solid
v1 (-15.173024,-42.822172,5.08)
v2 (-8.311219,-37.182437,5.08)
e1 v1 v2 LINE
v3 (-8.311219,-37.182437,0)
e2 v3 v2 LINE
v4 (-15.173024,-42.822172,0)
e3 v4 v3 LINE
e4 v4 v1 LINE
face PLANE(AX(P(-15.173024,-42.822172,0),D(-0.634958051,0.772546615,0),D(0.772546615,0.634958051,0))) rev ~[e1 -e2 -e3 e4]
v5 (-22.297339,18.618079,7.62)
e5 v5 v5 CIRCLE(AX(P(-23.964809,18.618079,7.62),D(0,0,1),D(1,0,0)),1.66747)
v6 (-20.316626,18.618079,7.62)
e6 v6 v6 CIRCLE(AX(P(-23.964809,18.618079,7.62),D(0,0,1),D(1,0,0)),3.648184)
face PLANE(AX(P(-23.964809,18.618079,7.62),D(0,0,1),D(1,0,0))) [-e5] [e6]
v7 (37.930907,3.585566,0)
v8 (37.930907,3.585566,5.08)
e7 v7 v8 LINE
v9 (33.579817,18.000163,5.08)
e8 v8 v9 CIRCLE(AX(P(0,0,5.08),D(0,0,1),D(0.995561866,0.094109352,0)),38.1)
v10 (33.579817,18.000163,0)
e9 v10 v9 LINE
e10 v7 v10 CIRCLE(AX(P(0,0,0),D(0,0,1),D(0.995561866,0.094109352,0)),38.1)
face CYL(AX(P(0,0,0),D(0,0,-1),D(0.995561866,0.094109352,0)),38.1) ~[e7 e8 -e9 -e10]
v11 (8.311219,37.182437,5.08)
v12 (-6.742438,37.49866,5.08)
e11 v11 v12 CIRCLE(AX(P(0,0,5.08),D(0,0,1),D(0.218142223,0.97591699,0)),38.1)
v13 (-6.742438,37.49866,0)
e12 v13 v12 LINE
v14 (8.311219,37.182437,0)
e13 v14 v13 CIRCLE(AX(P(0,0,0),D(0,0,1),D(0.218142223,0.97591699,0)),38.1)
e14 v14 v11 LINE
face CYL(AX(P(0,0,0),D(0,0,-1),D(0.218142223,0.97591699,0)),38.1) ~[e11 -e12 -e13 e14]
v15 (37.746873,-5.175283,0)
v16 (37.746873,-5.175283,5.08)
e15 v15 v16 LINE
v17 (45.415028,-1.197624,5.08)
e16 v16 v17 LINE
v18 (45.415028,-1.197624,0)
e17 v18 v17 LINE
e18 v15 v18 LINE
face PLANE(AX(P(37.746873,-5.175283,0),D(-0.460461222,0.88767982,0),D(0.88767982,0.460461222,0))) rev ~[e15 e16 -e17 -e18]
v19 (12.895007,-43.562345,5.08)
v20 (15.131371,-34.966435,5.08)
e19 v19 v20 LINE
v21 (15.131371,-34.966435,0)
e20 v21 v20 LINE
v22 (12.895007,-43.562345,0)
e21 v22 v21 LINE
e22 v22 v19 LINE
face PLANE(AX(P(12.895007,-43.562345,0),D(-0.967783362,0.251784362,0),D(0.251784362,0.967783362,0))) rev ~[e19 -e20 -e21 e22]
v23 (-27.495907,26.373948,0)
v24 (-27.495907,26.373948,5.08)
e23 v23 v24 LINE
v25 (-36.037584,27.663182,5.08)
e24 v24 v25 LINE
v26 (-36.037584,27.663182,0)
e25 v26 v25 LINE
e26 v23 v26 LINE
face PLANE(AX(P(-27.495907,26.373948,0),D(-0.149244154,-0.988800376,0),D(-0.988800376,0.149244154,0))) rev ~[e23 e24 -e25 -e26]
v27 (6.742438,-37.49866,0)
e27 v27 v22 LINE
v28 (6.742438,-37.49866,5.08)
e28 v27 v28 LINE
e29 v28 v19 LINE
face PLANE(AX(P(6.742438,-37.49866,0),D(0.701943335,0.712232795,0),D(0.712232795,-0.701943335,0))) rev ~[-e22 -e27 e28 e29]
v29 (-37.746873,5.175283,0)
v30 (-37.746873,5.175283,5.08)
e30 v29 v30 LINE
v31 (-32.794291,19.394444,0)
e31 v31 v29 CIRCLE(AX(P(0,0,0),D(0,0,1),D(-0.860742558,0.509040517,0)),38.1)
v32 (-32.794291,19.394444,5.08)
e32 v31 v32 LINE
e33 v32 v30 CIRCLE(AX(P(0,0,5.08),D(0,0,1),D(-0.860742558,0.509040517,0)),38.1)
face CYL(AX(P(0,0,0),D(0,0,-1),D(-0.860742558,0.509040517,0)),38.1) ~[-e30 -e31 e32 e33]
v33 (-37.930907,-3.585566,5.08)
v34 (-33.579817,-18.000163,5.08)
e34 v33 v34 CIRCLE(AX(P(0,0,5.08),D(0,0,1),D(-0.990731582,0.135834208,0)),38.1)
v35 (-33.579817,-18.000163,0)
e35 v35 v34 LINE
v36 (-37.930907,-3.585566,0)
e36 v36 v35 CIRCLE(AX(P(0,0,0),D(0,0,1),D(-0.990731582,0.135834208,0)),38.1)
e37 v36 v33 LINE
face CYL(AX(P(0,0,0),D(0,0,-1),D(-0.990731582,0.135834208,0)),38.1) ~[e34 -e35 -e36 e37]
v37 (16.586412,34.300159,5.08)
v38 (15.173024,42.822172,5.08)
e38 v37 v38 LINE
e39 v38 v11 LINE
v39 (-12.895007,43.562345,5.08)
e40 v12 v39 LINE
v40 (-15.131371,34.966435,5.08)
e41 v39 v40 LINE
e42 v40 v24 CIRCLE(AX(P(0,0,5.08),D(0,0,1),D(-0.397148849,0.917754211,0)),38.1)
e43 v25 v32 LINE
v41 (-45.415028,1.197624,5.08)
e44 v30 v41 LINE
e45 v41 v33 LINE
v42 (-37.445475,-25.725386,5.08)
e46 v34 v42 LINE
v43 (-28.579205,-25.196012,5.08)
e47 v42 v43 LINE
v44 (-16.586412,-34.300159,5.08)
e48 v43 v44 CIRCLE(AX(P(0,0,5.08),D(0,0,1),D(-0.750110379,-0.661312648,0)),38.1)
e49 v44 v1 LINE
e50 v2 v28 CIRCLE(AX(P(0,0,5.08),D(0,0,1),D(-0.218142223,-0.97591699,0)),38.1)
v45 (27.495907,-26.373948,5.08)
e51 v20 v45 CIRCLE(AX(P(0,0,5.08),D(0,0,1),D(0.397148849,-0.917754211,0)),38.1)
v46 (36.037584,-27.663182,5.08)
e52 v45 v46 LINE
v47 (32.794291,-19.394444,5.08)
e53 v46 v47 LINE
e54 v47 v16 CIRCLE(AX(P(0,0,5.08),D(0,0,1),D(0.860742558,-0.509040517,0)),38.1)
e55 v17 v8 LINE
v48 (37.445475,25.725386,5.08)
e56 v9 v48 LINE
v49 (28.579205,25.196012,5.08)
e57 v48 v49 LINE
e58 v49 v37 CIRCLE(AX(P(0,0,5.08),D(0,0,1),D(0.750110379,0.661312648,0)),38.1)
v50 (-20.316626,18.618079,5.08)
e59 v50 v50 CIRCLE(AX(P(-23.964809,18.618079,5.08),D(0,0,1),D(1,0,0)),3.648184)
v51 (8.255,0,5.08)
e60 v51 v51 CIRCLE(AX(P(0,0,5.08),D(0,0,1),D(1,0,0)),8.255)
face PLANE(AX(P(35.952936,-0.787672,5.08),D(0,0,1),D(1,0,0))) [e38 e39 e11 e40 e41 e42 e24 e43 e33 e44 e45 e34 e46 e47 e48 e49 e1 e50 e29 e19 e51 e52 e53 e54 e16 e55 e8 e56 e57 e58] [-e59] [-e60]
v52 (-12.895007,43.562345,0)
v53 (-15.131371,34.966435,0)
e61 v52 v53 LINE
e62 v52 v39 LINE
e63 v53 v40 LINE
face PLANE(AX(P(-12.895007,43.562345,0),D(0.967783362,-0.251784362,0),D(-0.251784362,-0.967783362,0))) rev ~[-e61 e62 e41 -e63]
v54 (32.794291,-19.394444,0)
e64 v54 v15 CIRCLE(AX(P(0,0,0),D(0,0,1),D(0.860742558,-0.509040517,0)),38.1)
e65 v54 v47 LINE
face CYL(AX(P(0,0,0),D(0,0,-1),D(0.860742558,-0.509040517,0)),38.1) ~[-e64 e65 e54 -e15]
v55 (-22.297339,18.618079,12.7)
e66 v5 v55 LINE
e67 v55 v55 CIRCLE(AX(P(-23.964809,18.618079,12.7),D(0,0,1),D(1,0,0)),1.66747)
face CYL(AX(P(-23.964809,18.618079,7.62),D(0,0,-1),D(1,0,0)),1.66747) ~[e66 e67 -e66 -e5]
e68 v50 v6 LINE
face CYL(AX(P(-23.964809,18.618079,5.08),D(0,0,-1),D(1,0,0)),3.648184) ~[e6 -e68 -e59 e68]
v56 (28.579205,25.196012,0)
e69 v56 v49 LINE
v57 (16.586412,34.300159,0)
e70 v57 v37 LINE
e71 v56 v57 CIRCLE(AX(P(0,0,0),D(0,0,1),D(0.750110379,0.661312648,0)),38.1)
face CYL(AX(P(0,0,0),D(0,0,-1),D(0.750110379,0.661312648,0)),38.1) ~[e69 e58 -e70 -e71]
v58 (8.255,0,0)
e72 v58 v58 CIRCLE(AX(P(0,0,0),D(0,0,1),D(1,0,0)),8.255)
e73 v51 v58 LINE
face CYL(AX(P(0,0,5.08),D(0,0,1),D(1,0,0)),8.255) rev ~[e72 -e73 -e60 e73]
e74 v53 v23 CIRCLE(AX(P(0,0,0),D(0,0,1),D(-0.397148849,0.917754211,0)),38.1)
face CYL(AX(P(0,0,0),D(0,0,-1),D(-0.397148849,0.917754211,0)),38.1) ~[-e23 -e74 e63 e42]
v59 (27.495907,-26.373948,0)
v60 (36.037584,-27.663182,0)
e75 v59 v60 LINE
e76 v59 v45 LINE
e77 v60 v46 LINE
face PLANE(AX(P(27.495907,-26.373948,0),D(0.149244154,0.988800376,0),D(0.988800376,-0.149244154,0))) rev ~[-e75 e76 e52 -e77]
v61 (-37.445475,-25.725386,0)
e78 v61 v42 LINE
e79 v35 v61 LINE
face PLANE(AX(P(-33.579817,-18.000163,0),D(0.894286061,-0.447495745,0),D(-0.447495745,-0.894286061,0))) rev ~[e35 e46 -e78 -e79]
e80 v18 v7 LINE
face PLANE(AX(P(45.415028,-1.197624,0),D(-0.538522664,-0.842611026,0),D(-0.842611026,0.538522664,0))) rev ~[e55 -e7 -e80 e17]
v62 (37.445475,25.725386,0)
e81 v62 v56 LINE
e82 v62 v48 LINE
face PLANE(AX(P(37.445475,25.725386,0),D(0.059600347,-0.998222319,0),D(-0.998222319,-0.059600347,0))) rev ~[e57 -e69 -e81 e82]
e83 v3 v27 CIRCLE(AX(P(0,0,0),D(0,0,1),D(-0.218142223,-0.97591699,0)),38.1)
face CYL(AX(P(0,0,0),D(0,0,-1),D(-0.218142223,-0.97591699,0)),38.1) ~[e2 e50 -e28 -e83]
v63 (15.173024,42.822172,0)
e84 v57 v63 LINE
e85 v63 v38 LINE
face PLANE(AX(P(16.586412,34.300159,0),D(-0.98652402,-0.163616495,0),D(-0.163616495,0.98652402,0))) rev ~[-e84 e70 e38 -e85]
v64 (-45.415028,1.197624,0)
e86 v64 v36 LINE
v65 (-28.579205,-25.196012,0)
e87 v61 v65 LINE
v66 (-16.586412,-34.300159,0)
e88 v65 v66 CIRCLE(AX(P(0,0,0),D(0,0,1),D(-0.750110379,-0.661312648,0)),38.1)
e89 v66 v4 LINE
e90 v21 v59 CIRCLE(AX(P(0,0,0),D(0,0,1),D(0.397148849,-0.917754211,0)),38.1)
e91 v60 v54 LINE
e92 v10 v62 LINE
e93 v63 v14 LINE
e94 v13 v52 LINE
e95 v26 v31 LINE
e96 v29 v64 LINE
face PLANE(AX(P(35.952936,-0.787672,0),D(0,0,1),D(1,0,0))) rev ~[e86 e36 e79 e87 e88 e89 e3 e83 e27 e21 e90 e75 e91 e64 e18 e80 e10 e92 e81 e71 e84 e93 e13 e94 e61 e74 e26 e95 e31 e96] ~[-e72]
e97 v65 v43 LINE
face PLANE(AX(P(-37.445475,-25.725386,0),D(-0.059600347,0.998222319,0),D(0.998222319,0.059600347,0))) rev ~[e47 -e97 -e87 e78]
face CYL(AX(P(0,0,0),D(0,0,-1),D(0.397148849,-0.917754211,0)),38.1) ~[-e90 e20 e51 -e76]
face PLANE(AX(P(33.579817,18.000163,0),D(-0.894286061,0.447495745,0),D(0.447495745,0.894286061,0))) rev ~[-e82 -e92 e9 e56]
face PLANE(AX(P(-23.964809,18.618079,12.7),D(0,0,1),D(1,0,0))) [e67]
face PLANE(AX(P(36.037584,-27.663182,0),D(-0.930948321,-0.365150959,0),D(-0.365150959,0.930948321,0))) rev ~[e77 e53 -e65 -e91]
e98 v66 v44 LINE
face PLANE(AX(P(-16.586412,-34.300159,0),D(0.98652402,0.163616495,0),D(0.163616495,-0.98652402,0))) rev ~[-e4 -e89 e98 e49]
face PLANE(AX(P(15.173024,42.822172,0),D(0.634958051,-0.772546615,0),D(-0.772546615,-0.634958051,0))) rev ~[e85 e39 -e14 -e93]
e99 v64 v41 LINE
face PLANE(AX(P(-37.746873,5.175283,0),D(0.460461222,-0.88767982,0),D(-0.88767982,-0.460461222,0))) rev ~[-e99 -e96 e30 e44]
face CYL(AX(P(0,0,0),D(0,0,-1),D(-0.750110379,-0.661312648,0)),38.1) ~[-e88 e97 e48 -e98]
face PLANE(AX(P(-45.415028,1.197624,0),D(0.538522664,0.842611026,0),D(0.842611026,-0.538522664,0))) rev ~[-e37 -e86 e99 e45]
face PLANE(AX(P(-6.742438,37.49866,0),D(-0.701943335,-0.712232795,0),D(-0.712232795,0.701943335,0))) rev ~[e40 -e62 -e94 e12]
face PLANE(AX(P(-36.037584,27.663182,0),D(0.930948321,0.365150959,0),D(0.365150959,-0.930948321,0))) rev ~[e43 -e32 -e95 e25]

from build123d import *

# Parameters (mm, degrees)
F1_DEPTH = 5.08
F2_R     = 3.6481835691
F3_DEPTH = 2.54
F4_R     = 1.6674700951
F5_DEPTH = 5.08
F6_R     = 8.255
F7_DEPTH = 25.4


with BuildPart() as f1:
    # F0 (on Top) → F1 (new body)
    with BuildSketch(Plane.XY):
        with BuildLine():
            ThreePointArc((37.7468732805, -5.1752833301), (38.0116158035, -2.5936584214), (38.1, 0))
            ThreePointArc((38.1, 0), (38.0577032994, 1.7947756344), (37.9309071088, 3.5855663298))
            Line((37.9309071088, 3.5855663298), (34.7138681986, 5.6416139149))
            Line((34.7138681986, 5.6416139149), (34.1414945044, -7.0454814325))
            Line((34.1414945044, -7.0454814325), (37.7468732805, -5.1752833301))
        make_face()
        with BuildLine():
            ThreePointArc((37.9309071088, 3.5855663298), (38.0577032994, 1.7947756344), (38.1, 0))
            ThreePointArc((38.1, 0), (38.0116158035, -2.5936584214), (37.7468732805, -5.1752833301))
            Line((37.7468732805, -5.1752833301), (45.4150282226, -1.1976239184))
            Line((45.4150282226, -1.1976239184), (37.9309071088, 3.5855663298))
        make_face()
        with BuildLine():
            Line((34.7138681986, 5.6416139149), (37.9309071088, 3.5855663298))
            ThreePointArc((37.9309071088, 3.5855663298), (36.4745263648, 11.0099467057), (33.5798171863, 18.0001632696))
            Line((33.5798171863, 18.0001632696), (31.7622793488, 14.3679527485))
            Line((31.7622793488, 14.3679527485), (24.7680518549, 24.9684613101))
            Line((24.7680518549, 24.9684613101), (28.5792054533, 25.1960118999))
            ThreePointArc((28.5792054533, 25.1960118999), (23.0370273887, 30.3464226737), (16.586412263, 34.3001593035))
            Line((16.586412263, 34.3001593035), (17.250953042, 30.2933173283))
            Line((17.250953042, 30.2933173283), (5.3616815377, 34.7582051315))
            Line((5.3616815377, 34.7582051315), (8.3112186861, 37.1824373052))
            ThreePointArc((8.3112186861, 37.1824373052), (0.8001669499, 38.0915966173), (-6.7424383934, 37.4986603029))
            Line((-6.7424383934, 37.4986603029), (-3.8496509884, 34.6476643207))
            Line((-3.8496509884, 34.6476643207), (-16.0926688901, 31.2714959807))
            Line((-16.0926688901, 31.2714959807), (-15.1313711312, 34.9664354444))
            ThreePointArc((-15.1313711312, 34.9664354444), (-21.7423300671, 31.2870753388), (-27.4959067505, 26.3739475992))
            Line((-27.4959067505, 26.3739475992), (-23.4798191861, 25.7677811734))
            Line((-23.4798191861, 25.7677811734), (-31.4001667715, 15.8401382443))
            Line((-31.4001667715, 15.8401382443), (-32.7942914728, 19.3944437094))
            ThreePointArc((-32.7942914728, 19.3944437094), (-35.9799959931, 12.5319546895), (-37.7468732805, 5.1752833301))
            Line((-37.7468732805, 5.1752833301), (-34.1414945044, 7.0454814325))
            Line((-34.1414945044, 7.0454814325), (-34.7138681986, -5.6416139149))
            Line((-34.7138681986, -5.6416139149), (-37.9309071088, -3.5855663298))
            ThreePointArc((-37.9309071088, -3.5855663298), (-36.4745263648, -11.0099467057), (-33.5798171863, -18.0001632696))
            Line((-33.5798171863, -18.0001632696), (-31.7622793488, -14.3679527485))
            Line((-31.7622793488, -14.3679527485), (-24.7680518549, -24.9684613101))
            Line((-24.7680518549, -24.9684613101), (-28.5792054533, -25.1960118999))
            ThreePointArc((-28.5792054533, -25.1960118999), (-23.0370273887, -30.3464226737), (-16.586412263, -34.3001593035))
            Line((-16.586412263, -34.3001593035), (-17.250953042, -30.2933173283))
            Line((-17.250953042, -30.2933173283), (-5.3616815377, -34.7582051315))
            Line((-5.3616815377, -34.7582051315), (-8.3112186861, -37.1824373052))
            ThreePointArc((-8.3112186861, -37.1824373052), (-0.8001669499, -38.0915966173), (6.7424383934, -37.4986603029))
            Line((6.7424383934, -37.4986603029), (3.8496509884, -34.6476643207))
            Line((3.8496509884, -34.6476643207), (16.0926688901, -31.2714959807))
            Line((16.0926688901, -31.2714959807), (15.1313711312, -34.9664354444))
            ThreePointArc((15.1313711312, -34.9664354444), (21.7423300671, -31.2870753388), (27.4959067505, -26.3739475992))
            Line((27.4959067505, -26.3739475992), (23.4798191861, -25.7677811734))
            Line((23.4798191861, -25.7677811734), (31.4001667715, -15.8401382443))
            Line((31.4001667715, -15.8401382443), (32.7942914728, -19.3944437094))
            ThreePointArc((32.7942914728, -19.3944437094), (35.9799959931, -12.5319546895), (37.7468732805, -5.1752833301))
            Line((37.7468732805, -5.1752833301), (34.1414945044, -7.0454814325))
            Line((34.1414945044, -7.0454814325), (34.7138681986, 5.6416139149))
        make_face()
        with BuildLine():
            Line((31.7622793488, 14.3679527485), (33.5798171863, 18.0001632696))
            ThreePointArc((33.5798171863, 18.0001632696), (31.2870753388, 21.7423300671), (28.5792054533, 25.1960118999))
            Line((28.5792054533, 25.1960118999), (24.7680518549, 24.9684613101))
            Line((24.7680518549, 24.9684613101), (31.7622793488, 14.3679527485))
        make_face()
        with BuildLine():
            ThreePointArc((28.5792054533, 25.1960118999), (31.2870753388, 21.7423300671), (33.5798171863, 18.0001632696))
            Line((33.5798171863, 18.0001632696), (37.4454753092, 25.7253857188))
            Line((37.4454753092, 25.7253857188), (28.5792054533, 25.1960118999))
        make_face()
        with BuildLine():
            Line((36.0375839551, -27.6631819246), (32.7942914728, -19.3944437094))
            ThreePointArc((32.7942914728, -19.3944437094), (30.3464226737, -23.0370273887), (27.4959067505, -26.3739475992))
            Line((27.4959067505, -26.3739475992), (36.0375839551, -27.6631819246))
        make_face()
        with BuildLine():
            ThreePointArc((27.4959067505, -26.3739475992), (30.3464226737, -23.0370273887), (32.7942914728, -19.3944437094))
            Line((32.7942914728, -19.3944437094), (31.4001667715, -15.8401382443))
            Line((31.4001667715, -15.8401382443), (23.4798191861, -25.7677811734))
            Line((23.4798191861, -25.7677811734), (27.4959067505, -26.3739475992))
        make_face()
        with BuildLine():
            Line((17.250953042, 30.2933173283), (16.586412263, 34.3001593035))
            ThreePointArc((16.586412263, 34.3001593035), (12.5319546895, 35.9799959931), (8.3112186861, 37.1824373052))
            Line((8.3112186861, 37.1824373052), (5.3616815377, 34.7582051315))
            Line((5.3616815377, 34.7582051315), (17.250953042, 30.2933173283))
        make_face()
        with BuildLine():
            ThreePointArc((8.3112186861, 37.1824373052), (12.5319546895, 35.9799959931), (16.586412263, 34.3001593035))
            Line((16.586412263, 34.3001593035), (15.1730235525, 42.8221723852))
            Line((15.1730235525, 42.8221723852), (8.3112186861, 37.1824373052))
        make_face()
        with BuildLine():
            Line((12.8950074891, -43.5623446725), (15.1313711312, -34.9664354444))
            ThreePointArc((15.1313711312, -34.9664354444), (11.0099467057, -36.4745263648), (6.7424383934, -37.4986603029))
            Line((6.7424383934, -37.4986603029), (12.8950074891, -43.5623446725))
        make_face()
        with BuildLine():
            ThreePointArc((6.7424383934, -37.4986603029), (11.0099467057, -36.4745263648), (15.1313711312, -34.9664354444))
            Line((15.1313711312, -34.9664354444), (16.0926688901, -31.2714959807))
            Line((16.0926688901, -31.2714959807), (3.8496509884, -34.6476643207))
            Line((3.8496509884, -34.6476643207), (6.7424383934, -37.4986603029))
        make_face()
        with BuildLine():
            Line((-3.8496509884, 34.6476643207), (-6.7424383934, 37.4986603029))
            ThreePointArc((-6.7424383934, 37.4986603029), (-11.0099467057, 36.4745263648), (-15.1313711312, 34.9664354444))
            Line((-15.1313711312, 34.9664354444), (-16.0926688901, 31.2714959807))
            Line((-16.0926688901, 31.2714959807), (-3.8496509884, 34.6476643207))
        make_face()
        with BuildLine():
            ThreePointArc((-15.1313711312, 34.9664354444), (-11.0099467057, 36.4745263648), (-6.7424383934, 37.4986603029))
            Line((-6.7424383934, 37.4986603029), (-12.8950074891, 43.5623446725))
            Line((-12.8950074891, 43.5623446725), (-15.1313711312, 34.9664354444))
        make_face()
        with BuildLine():
            Line((-15.1730235525, -42.8221723852), (-8.3112186861, -37.1824373052))
            ThreePointArc((-8.3112186861, -37.1824373052), (-12.5319546895, -35.9799959931), (-16.586412263, -34.3001593035))
            Line((-16.586412263, -34.3001593035), (-15.1730235525, -42.8221723852))
        make_face()
        with BuildLine():
            ThreePointArc((-16.586412263, -34.3001593035), (-12.5319546895, -35.9799959931), (-8.3112186861, -37.1824373052))
            Line((-8.3112186861, -37.1824373052), (-5.3616815377, -34.7582051315))
            Line((-5.3616815377, -34.7582051315), (-17.250953042, -30.2933173283))
            Line((-17.250953042, -30.2933173283), (-16.586412263, -34.3001593035))
        make_face()
        with BuildLine():
            Line((-23.4798191861, 25.7677811734), (-27.4959067505, 26.3739475992))
            ThreePointArc((-27.4959067505, 26.3739475992), (-30.3464226737, 23.0370273887), (-32.7942914728, 19.3944437094))
            Line((-32.7942914728, 19.3944437094), (-31.4001667715, 15.8401382443))
            Line((-31.4001667715, 15.8401382443), (-23.4798191861, 25.7677811734))
        make_face()
        with BuildLine():
            ThreePointArc((-32.7942914728, 19.3944437094), (-30.3464226737, 23.0370273887), (-27.4959067505, 26.3739475992))
            Line((-27.4959067505, 26.3739475992), (-36.0375839551, 27.6631819246))
            Line((-36.0375839551, 27.6631819246), (-32.7942914728, 19.3944437094))
        make_face()
        with BuildLine():
            Line((-37.4454753092, -25.7253857188), (-28.5792054533, -25.1960118999))
            ThreePointArc((-28.5792054533, -25.1960118999), (-31.2870753388, -21.7423300671), (-33.5798171863, -18.0001632696))
            Line((-33.5798171863, -18.0001632696), (-37.4454753092, -25.7253857188))
        make_face()
        with BuildLine():
            ThreePointArc((-33.5798171863, -18.0001632696), (-31.2870753388, -21.7423300671), (-28.5792054533, -25.1960118999))
            Line((-28.5792054533, -25.1960118999), (-24.7680518549, -24.9684613101))
            Line((-24.7680518549, -24.9684613101), (-31.7622793488, -14.3679527485))
            Line((-31.7622793488, -14.3679527485), (-33.5798171863, -18.0001632696))
        make_face()
        with BuildLine():
            Line((-34.1414945044, 7.0454814325), (-37.7468732805, 5.1752833301))
            ThreePointArc((-37.7468732805, 5.1752833301), (-38.0915966173, 0.8001669499), (-37.9309071088, -3.5855663298))
            Line((-37.9309071088, -3.5855663298), (-34.7138681986, -5.6416139149))
            Line((-34.7138681986, -5.6416139149), (-34.1414945044, 7.0454814325))
        make_face()
        with BuildLine():
            ThreePointArc((-37.9309071088, -3.5855663298), (-38.0915966173, 0.8001669499), (-37.7468732805, 5.1752833301))
            Line((-37.7468732805, 5.1752833301), (-45.4150282226, 1.1976239184))
            Line((-45.4150282226, 1.1976239184), (-37.9309071088, -3.5855663298))
        make_face()
    extrude(amount=F1_DEPTH)

    # F2 (on face) → F3 (join)
    with BuildSketch(Plane.XY.offset(5.08)):
        with Locations((-23.9648092538, 18.6180789024)):
            Circle(F2_R)
    extrude(amount=F3_DEPTH)

    # F4 (on face) → F5 (join)
    with BuildSketch(Plane.XY.offset(7.62)):
        with Locations((-23.9648092538, 18.6180789024)):
            Circle(F4_R)
    extrude(amount=F5_DEPTH)

    # F6 (on face) → F7 (cut)
    with BuildSketch(Plane.XY.offset(5.08)):
        Circle(F6_R)
    extrude(amount=-F7_DEPTH, mode=Mode.SUBTRACT)


solid = f1.part
